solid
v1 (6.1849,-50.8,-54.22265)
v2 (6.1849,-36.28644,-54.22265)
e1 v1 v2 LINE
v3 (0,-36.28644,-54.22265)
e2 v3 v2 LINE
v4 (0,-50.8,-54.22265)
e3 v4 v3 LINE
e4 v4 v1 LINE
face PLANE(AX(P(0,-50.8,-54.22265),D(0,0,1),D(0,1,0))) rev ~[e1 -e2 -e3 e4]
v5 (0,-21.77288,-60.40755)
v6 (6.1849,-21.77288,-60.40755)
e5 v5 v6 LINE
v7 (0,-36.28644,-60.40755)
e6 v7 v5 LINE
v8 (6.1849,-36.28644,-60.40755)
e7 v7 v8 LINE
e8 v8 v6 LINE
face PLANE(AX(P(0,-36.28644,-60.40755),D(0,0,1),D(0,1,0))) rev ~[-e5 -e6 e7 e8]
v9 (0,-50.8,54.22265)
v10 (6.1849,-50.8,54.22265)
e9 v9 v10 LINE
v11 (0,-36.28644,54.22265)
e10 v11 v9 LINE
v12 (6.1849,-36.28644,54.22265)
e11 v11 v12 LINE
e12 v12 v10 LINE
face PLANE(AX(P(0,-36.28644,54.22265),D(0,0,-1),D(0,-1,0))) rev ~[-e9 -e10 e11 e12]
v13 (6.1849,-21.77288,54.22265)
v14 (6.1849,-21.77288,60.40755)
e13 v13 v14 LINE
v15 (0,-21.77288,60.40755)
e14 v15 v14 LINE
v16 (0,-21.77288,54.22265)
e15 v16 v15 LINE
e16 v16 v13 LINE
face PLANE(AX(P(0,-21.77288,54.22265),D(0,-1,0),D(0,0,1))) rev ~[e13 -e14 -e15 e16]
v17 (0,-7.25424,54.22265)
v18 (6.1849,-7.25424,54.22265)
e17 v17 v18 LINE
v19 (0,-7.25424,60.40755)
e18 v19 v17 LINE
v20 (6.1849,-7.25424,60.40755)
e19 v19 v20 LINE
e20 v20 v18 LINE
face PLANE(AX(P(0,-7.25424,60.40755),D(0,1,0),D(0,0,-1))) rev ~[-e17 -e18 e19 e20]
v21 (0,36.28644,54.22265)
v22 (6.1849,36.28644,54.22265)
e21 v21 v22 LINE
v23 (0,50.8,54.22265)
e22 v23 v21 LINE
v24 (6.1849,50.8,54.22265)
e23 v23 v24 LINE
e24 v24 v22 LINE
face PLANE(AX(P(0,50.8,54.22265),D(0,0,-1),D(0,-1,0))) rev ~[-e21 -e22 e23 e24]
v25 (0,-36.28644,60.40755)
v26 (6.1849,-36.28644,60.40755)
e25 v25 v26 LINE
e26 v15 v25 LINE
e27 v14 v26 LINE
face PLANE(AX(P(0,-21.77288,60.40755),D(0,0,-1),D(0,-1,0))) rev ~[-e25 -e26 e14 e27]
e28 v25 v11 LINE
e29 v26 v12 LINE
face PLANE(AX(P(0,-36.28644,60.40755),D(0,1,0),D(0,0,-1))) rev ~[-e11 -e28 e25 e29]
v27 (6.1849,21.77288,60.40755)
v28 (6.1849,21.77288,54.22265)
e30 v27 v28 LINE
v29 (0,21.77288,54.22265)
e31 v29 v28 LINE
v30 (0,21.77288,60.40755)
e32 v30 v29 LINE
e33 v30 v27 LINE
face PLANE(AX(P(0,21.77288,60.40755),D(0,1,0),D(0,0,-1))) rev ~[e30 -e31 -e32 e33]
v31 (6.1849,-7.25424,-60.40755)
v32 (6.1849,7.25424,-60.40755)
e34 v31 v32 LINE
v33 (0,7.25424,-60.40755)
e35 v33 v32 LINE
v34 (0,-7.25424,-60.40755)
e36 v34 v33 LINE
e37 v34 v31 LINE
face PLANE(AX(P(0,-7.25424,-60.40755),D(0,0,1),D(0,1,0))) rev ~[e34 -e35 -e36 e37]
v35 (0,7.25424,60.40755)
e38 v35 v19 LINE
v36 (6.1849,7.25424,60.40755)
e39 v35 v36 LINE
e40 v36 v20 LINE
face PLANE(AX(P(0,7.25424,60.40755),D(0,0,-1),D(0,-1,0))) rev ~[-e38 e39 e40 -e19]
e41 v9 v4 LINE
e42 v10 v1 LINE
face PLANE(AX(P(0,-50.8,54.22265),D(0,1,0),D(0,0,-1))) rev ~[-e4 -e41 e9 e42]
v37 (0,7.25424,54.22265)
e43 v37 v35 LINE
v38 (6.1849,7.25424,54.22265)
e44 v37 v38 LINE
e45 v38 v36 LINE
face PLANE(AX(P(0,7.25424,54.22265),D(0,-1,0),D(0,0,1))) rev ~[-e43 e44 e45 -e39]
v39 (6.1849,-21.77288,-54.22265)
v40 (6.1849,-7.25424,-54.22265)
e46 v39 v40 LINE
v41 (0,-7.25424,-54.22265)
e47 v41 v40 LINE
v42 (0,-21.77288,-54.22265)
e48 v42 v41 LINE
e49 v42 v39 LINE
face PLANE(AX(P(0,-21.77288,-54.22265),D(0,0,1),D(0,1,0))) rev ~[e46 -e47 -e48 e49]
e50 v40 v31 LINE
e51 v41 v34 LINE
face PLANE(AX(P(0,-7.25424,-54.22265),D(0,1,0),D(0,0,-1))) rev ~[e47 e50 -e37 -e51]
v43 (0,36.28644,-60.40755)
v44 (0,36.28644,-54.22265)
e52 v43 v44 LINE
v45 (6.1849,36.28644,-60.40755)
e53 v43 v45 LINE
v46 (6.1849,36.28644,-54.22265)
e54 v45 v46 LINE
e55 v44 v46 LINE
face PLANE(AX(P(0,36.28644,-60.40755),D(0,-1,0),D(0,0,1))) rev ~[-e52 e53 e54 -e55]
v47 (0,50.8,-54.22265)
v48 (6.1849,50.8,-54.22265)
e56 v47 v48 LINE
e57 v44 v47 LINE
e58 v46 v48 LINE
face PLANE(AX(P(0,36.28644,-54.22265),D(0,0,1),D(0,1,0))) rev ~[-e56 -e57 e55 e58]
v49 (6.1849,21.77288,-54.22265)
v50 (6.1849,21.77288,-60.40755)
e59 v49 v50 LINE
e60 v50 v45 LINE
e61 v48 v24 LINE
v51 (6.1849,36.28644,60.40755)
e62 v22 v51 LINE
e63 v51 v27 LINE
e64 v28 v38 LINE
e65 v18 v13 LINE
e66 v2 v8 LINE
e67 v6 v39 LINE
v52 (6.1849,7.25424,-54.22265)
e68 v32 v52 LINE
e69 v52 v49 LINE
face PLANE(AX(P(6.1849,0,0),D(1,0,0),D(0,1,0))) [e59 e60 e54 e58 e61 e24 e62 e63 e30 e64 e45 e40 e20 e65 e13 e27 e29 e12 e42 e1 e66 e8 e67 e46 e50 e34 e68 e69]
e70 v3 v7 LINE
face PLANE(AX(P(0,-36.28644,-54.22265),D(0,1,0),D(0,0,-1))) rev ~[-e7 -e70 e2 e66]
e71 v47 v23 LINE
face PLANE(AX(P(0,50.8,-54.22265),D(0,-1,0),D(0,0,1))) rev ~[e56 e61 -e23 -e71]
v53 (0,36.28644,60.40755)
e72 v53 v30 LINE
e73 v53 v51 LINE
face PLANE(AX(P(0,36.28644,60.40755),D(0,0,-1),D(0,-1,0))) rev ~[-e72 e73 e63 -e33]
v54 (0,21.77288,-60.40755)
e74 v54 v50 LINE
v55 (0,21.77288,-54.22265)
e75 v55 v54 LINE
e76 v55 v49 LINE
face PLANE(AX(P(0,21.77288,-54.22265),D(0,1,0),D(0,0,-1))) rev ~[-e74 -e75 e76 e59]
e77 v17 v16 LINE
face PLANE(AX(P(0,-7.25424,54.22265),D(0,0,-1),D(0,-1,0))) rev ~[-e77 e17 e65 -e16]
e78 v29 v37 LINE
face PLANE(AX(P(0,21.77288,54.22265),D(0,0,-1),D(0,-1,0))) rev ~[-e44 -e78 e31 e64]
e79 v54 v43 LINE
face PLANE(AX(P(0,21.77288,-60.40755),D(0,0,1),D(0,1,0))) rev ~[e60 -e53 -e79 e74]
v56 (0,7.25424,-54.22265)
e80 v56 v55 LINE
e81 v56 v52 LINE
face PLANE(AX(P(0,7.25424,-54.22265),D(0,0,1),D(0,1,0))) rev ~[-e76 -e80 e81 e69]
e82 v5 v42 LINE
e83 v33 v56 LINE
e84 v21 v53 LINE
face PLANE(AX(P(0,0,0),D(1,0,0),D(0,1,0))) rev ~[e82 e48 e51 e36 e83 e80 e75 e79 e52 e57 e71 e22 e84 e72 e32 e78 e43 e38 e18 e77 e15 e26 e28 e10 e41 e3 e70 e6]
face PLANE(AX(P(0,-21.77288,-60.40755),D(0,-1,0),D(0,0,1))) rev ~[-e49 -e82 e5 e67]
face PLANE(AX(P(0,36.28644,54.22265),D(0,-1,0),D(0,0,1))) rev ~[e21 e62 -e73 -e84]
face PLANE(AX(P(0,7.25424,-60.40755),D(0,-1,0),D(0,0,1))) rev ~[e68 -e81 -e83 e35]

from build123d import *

# Parameters (mm, degrees)
F1_DEPTH = 6.1849


with BuildPart() as f1:
    # F0 (on Right) → F1 (new body)
    with BuildSketch(Plane.YZ):
        Polygon((50.8, -54.22265), (50.8, 54.22265), (36.28644, 54.22265), (36.28644, 60.40755), (21.77288, 60.40755), (21.77288, 54.22265), (7.25424, 54.22265), (7.25424, 60.40755), (-7.25424, 60.40755), (-7.25424, 54.22265), (-21.77288, 54.22265), (-21.77288, 60.40755), (-36.28644, 60.40755), (-36.28644, 54.22265), (-50.8, 54.22265), (-50.8, -54.22265), (-36.28644, -54.22265), (-36.28644, -60.40755), (-21.77288, -60.40755), (-21.77288, -54.22265), (-7.25424, -54.22265), (-7.25424, -60.40755), (7.25424, -60.40755), (7.25424, -54.22265), (21.77288, -54.22265), (21.77288, -60.40755), (36.28644, -60.40755), (36.28644, -54.22265), align=None)
    extrude(amount=F1_DEPTH)


solid = f1.part
